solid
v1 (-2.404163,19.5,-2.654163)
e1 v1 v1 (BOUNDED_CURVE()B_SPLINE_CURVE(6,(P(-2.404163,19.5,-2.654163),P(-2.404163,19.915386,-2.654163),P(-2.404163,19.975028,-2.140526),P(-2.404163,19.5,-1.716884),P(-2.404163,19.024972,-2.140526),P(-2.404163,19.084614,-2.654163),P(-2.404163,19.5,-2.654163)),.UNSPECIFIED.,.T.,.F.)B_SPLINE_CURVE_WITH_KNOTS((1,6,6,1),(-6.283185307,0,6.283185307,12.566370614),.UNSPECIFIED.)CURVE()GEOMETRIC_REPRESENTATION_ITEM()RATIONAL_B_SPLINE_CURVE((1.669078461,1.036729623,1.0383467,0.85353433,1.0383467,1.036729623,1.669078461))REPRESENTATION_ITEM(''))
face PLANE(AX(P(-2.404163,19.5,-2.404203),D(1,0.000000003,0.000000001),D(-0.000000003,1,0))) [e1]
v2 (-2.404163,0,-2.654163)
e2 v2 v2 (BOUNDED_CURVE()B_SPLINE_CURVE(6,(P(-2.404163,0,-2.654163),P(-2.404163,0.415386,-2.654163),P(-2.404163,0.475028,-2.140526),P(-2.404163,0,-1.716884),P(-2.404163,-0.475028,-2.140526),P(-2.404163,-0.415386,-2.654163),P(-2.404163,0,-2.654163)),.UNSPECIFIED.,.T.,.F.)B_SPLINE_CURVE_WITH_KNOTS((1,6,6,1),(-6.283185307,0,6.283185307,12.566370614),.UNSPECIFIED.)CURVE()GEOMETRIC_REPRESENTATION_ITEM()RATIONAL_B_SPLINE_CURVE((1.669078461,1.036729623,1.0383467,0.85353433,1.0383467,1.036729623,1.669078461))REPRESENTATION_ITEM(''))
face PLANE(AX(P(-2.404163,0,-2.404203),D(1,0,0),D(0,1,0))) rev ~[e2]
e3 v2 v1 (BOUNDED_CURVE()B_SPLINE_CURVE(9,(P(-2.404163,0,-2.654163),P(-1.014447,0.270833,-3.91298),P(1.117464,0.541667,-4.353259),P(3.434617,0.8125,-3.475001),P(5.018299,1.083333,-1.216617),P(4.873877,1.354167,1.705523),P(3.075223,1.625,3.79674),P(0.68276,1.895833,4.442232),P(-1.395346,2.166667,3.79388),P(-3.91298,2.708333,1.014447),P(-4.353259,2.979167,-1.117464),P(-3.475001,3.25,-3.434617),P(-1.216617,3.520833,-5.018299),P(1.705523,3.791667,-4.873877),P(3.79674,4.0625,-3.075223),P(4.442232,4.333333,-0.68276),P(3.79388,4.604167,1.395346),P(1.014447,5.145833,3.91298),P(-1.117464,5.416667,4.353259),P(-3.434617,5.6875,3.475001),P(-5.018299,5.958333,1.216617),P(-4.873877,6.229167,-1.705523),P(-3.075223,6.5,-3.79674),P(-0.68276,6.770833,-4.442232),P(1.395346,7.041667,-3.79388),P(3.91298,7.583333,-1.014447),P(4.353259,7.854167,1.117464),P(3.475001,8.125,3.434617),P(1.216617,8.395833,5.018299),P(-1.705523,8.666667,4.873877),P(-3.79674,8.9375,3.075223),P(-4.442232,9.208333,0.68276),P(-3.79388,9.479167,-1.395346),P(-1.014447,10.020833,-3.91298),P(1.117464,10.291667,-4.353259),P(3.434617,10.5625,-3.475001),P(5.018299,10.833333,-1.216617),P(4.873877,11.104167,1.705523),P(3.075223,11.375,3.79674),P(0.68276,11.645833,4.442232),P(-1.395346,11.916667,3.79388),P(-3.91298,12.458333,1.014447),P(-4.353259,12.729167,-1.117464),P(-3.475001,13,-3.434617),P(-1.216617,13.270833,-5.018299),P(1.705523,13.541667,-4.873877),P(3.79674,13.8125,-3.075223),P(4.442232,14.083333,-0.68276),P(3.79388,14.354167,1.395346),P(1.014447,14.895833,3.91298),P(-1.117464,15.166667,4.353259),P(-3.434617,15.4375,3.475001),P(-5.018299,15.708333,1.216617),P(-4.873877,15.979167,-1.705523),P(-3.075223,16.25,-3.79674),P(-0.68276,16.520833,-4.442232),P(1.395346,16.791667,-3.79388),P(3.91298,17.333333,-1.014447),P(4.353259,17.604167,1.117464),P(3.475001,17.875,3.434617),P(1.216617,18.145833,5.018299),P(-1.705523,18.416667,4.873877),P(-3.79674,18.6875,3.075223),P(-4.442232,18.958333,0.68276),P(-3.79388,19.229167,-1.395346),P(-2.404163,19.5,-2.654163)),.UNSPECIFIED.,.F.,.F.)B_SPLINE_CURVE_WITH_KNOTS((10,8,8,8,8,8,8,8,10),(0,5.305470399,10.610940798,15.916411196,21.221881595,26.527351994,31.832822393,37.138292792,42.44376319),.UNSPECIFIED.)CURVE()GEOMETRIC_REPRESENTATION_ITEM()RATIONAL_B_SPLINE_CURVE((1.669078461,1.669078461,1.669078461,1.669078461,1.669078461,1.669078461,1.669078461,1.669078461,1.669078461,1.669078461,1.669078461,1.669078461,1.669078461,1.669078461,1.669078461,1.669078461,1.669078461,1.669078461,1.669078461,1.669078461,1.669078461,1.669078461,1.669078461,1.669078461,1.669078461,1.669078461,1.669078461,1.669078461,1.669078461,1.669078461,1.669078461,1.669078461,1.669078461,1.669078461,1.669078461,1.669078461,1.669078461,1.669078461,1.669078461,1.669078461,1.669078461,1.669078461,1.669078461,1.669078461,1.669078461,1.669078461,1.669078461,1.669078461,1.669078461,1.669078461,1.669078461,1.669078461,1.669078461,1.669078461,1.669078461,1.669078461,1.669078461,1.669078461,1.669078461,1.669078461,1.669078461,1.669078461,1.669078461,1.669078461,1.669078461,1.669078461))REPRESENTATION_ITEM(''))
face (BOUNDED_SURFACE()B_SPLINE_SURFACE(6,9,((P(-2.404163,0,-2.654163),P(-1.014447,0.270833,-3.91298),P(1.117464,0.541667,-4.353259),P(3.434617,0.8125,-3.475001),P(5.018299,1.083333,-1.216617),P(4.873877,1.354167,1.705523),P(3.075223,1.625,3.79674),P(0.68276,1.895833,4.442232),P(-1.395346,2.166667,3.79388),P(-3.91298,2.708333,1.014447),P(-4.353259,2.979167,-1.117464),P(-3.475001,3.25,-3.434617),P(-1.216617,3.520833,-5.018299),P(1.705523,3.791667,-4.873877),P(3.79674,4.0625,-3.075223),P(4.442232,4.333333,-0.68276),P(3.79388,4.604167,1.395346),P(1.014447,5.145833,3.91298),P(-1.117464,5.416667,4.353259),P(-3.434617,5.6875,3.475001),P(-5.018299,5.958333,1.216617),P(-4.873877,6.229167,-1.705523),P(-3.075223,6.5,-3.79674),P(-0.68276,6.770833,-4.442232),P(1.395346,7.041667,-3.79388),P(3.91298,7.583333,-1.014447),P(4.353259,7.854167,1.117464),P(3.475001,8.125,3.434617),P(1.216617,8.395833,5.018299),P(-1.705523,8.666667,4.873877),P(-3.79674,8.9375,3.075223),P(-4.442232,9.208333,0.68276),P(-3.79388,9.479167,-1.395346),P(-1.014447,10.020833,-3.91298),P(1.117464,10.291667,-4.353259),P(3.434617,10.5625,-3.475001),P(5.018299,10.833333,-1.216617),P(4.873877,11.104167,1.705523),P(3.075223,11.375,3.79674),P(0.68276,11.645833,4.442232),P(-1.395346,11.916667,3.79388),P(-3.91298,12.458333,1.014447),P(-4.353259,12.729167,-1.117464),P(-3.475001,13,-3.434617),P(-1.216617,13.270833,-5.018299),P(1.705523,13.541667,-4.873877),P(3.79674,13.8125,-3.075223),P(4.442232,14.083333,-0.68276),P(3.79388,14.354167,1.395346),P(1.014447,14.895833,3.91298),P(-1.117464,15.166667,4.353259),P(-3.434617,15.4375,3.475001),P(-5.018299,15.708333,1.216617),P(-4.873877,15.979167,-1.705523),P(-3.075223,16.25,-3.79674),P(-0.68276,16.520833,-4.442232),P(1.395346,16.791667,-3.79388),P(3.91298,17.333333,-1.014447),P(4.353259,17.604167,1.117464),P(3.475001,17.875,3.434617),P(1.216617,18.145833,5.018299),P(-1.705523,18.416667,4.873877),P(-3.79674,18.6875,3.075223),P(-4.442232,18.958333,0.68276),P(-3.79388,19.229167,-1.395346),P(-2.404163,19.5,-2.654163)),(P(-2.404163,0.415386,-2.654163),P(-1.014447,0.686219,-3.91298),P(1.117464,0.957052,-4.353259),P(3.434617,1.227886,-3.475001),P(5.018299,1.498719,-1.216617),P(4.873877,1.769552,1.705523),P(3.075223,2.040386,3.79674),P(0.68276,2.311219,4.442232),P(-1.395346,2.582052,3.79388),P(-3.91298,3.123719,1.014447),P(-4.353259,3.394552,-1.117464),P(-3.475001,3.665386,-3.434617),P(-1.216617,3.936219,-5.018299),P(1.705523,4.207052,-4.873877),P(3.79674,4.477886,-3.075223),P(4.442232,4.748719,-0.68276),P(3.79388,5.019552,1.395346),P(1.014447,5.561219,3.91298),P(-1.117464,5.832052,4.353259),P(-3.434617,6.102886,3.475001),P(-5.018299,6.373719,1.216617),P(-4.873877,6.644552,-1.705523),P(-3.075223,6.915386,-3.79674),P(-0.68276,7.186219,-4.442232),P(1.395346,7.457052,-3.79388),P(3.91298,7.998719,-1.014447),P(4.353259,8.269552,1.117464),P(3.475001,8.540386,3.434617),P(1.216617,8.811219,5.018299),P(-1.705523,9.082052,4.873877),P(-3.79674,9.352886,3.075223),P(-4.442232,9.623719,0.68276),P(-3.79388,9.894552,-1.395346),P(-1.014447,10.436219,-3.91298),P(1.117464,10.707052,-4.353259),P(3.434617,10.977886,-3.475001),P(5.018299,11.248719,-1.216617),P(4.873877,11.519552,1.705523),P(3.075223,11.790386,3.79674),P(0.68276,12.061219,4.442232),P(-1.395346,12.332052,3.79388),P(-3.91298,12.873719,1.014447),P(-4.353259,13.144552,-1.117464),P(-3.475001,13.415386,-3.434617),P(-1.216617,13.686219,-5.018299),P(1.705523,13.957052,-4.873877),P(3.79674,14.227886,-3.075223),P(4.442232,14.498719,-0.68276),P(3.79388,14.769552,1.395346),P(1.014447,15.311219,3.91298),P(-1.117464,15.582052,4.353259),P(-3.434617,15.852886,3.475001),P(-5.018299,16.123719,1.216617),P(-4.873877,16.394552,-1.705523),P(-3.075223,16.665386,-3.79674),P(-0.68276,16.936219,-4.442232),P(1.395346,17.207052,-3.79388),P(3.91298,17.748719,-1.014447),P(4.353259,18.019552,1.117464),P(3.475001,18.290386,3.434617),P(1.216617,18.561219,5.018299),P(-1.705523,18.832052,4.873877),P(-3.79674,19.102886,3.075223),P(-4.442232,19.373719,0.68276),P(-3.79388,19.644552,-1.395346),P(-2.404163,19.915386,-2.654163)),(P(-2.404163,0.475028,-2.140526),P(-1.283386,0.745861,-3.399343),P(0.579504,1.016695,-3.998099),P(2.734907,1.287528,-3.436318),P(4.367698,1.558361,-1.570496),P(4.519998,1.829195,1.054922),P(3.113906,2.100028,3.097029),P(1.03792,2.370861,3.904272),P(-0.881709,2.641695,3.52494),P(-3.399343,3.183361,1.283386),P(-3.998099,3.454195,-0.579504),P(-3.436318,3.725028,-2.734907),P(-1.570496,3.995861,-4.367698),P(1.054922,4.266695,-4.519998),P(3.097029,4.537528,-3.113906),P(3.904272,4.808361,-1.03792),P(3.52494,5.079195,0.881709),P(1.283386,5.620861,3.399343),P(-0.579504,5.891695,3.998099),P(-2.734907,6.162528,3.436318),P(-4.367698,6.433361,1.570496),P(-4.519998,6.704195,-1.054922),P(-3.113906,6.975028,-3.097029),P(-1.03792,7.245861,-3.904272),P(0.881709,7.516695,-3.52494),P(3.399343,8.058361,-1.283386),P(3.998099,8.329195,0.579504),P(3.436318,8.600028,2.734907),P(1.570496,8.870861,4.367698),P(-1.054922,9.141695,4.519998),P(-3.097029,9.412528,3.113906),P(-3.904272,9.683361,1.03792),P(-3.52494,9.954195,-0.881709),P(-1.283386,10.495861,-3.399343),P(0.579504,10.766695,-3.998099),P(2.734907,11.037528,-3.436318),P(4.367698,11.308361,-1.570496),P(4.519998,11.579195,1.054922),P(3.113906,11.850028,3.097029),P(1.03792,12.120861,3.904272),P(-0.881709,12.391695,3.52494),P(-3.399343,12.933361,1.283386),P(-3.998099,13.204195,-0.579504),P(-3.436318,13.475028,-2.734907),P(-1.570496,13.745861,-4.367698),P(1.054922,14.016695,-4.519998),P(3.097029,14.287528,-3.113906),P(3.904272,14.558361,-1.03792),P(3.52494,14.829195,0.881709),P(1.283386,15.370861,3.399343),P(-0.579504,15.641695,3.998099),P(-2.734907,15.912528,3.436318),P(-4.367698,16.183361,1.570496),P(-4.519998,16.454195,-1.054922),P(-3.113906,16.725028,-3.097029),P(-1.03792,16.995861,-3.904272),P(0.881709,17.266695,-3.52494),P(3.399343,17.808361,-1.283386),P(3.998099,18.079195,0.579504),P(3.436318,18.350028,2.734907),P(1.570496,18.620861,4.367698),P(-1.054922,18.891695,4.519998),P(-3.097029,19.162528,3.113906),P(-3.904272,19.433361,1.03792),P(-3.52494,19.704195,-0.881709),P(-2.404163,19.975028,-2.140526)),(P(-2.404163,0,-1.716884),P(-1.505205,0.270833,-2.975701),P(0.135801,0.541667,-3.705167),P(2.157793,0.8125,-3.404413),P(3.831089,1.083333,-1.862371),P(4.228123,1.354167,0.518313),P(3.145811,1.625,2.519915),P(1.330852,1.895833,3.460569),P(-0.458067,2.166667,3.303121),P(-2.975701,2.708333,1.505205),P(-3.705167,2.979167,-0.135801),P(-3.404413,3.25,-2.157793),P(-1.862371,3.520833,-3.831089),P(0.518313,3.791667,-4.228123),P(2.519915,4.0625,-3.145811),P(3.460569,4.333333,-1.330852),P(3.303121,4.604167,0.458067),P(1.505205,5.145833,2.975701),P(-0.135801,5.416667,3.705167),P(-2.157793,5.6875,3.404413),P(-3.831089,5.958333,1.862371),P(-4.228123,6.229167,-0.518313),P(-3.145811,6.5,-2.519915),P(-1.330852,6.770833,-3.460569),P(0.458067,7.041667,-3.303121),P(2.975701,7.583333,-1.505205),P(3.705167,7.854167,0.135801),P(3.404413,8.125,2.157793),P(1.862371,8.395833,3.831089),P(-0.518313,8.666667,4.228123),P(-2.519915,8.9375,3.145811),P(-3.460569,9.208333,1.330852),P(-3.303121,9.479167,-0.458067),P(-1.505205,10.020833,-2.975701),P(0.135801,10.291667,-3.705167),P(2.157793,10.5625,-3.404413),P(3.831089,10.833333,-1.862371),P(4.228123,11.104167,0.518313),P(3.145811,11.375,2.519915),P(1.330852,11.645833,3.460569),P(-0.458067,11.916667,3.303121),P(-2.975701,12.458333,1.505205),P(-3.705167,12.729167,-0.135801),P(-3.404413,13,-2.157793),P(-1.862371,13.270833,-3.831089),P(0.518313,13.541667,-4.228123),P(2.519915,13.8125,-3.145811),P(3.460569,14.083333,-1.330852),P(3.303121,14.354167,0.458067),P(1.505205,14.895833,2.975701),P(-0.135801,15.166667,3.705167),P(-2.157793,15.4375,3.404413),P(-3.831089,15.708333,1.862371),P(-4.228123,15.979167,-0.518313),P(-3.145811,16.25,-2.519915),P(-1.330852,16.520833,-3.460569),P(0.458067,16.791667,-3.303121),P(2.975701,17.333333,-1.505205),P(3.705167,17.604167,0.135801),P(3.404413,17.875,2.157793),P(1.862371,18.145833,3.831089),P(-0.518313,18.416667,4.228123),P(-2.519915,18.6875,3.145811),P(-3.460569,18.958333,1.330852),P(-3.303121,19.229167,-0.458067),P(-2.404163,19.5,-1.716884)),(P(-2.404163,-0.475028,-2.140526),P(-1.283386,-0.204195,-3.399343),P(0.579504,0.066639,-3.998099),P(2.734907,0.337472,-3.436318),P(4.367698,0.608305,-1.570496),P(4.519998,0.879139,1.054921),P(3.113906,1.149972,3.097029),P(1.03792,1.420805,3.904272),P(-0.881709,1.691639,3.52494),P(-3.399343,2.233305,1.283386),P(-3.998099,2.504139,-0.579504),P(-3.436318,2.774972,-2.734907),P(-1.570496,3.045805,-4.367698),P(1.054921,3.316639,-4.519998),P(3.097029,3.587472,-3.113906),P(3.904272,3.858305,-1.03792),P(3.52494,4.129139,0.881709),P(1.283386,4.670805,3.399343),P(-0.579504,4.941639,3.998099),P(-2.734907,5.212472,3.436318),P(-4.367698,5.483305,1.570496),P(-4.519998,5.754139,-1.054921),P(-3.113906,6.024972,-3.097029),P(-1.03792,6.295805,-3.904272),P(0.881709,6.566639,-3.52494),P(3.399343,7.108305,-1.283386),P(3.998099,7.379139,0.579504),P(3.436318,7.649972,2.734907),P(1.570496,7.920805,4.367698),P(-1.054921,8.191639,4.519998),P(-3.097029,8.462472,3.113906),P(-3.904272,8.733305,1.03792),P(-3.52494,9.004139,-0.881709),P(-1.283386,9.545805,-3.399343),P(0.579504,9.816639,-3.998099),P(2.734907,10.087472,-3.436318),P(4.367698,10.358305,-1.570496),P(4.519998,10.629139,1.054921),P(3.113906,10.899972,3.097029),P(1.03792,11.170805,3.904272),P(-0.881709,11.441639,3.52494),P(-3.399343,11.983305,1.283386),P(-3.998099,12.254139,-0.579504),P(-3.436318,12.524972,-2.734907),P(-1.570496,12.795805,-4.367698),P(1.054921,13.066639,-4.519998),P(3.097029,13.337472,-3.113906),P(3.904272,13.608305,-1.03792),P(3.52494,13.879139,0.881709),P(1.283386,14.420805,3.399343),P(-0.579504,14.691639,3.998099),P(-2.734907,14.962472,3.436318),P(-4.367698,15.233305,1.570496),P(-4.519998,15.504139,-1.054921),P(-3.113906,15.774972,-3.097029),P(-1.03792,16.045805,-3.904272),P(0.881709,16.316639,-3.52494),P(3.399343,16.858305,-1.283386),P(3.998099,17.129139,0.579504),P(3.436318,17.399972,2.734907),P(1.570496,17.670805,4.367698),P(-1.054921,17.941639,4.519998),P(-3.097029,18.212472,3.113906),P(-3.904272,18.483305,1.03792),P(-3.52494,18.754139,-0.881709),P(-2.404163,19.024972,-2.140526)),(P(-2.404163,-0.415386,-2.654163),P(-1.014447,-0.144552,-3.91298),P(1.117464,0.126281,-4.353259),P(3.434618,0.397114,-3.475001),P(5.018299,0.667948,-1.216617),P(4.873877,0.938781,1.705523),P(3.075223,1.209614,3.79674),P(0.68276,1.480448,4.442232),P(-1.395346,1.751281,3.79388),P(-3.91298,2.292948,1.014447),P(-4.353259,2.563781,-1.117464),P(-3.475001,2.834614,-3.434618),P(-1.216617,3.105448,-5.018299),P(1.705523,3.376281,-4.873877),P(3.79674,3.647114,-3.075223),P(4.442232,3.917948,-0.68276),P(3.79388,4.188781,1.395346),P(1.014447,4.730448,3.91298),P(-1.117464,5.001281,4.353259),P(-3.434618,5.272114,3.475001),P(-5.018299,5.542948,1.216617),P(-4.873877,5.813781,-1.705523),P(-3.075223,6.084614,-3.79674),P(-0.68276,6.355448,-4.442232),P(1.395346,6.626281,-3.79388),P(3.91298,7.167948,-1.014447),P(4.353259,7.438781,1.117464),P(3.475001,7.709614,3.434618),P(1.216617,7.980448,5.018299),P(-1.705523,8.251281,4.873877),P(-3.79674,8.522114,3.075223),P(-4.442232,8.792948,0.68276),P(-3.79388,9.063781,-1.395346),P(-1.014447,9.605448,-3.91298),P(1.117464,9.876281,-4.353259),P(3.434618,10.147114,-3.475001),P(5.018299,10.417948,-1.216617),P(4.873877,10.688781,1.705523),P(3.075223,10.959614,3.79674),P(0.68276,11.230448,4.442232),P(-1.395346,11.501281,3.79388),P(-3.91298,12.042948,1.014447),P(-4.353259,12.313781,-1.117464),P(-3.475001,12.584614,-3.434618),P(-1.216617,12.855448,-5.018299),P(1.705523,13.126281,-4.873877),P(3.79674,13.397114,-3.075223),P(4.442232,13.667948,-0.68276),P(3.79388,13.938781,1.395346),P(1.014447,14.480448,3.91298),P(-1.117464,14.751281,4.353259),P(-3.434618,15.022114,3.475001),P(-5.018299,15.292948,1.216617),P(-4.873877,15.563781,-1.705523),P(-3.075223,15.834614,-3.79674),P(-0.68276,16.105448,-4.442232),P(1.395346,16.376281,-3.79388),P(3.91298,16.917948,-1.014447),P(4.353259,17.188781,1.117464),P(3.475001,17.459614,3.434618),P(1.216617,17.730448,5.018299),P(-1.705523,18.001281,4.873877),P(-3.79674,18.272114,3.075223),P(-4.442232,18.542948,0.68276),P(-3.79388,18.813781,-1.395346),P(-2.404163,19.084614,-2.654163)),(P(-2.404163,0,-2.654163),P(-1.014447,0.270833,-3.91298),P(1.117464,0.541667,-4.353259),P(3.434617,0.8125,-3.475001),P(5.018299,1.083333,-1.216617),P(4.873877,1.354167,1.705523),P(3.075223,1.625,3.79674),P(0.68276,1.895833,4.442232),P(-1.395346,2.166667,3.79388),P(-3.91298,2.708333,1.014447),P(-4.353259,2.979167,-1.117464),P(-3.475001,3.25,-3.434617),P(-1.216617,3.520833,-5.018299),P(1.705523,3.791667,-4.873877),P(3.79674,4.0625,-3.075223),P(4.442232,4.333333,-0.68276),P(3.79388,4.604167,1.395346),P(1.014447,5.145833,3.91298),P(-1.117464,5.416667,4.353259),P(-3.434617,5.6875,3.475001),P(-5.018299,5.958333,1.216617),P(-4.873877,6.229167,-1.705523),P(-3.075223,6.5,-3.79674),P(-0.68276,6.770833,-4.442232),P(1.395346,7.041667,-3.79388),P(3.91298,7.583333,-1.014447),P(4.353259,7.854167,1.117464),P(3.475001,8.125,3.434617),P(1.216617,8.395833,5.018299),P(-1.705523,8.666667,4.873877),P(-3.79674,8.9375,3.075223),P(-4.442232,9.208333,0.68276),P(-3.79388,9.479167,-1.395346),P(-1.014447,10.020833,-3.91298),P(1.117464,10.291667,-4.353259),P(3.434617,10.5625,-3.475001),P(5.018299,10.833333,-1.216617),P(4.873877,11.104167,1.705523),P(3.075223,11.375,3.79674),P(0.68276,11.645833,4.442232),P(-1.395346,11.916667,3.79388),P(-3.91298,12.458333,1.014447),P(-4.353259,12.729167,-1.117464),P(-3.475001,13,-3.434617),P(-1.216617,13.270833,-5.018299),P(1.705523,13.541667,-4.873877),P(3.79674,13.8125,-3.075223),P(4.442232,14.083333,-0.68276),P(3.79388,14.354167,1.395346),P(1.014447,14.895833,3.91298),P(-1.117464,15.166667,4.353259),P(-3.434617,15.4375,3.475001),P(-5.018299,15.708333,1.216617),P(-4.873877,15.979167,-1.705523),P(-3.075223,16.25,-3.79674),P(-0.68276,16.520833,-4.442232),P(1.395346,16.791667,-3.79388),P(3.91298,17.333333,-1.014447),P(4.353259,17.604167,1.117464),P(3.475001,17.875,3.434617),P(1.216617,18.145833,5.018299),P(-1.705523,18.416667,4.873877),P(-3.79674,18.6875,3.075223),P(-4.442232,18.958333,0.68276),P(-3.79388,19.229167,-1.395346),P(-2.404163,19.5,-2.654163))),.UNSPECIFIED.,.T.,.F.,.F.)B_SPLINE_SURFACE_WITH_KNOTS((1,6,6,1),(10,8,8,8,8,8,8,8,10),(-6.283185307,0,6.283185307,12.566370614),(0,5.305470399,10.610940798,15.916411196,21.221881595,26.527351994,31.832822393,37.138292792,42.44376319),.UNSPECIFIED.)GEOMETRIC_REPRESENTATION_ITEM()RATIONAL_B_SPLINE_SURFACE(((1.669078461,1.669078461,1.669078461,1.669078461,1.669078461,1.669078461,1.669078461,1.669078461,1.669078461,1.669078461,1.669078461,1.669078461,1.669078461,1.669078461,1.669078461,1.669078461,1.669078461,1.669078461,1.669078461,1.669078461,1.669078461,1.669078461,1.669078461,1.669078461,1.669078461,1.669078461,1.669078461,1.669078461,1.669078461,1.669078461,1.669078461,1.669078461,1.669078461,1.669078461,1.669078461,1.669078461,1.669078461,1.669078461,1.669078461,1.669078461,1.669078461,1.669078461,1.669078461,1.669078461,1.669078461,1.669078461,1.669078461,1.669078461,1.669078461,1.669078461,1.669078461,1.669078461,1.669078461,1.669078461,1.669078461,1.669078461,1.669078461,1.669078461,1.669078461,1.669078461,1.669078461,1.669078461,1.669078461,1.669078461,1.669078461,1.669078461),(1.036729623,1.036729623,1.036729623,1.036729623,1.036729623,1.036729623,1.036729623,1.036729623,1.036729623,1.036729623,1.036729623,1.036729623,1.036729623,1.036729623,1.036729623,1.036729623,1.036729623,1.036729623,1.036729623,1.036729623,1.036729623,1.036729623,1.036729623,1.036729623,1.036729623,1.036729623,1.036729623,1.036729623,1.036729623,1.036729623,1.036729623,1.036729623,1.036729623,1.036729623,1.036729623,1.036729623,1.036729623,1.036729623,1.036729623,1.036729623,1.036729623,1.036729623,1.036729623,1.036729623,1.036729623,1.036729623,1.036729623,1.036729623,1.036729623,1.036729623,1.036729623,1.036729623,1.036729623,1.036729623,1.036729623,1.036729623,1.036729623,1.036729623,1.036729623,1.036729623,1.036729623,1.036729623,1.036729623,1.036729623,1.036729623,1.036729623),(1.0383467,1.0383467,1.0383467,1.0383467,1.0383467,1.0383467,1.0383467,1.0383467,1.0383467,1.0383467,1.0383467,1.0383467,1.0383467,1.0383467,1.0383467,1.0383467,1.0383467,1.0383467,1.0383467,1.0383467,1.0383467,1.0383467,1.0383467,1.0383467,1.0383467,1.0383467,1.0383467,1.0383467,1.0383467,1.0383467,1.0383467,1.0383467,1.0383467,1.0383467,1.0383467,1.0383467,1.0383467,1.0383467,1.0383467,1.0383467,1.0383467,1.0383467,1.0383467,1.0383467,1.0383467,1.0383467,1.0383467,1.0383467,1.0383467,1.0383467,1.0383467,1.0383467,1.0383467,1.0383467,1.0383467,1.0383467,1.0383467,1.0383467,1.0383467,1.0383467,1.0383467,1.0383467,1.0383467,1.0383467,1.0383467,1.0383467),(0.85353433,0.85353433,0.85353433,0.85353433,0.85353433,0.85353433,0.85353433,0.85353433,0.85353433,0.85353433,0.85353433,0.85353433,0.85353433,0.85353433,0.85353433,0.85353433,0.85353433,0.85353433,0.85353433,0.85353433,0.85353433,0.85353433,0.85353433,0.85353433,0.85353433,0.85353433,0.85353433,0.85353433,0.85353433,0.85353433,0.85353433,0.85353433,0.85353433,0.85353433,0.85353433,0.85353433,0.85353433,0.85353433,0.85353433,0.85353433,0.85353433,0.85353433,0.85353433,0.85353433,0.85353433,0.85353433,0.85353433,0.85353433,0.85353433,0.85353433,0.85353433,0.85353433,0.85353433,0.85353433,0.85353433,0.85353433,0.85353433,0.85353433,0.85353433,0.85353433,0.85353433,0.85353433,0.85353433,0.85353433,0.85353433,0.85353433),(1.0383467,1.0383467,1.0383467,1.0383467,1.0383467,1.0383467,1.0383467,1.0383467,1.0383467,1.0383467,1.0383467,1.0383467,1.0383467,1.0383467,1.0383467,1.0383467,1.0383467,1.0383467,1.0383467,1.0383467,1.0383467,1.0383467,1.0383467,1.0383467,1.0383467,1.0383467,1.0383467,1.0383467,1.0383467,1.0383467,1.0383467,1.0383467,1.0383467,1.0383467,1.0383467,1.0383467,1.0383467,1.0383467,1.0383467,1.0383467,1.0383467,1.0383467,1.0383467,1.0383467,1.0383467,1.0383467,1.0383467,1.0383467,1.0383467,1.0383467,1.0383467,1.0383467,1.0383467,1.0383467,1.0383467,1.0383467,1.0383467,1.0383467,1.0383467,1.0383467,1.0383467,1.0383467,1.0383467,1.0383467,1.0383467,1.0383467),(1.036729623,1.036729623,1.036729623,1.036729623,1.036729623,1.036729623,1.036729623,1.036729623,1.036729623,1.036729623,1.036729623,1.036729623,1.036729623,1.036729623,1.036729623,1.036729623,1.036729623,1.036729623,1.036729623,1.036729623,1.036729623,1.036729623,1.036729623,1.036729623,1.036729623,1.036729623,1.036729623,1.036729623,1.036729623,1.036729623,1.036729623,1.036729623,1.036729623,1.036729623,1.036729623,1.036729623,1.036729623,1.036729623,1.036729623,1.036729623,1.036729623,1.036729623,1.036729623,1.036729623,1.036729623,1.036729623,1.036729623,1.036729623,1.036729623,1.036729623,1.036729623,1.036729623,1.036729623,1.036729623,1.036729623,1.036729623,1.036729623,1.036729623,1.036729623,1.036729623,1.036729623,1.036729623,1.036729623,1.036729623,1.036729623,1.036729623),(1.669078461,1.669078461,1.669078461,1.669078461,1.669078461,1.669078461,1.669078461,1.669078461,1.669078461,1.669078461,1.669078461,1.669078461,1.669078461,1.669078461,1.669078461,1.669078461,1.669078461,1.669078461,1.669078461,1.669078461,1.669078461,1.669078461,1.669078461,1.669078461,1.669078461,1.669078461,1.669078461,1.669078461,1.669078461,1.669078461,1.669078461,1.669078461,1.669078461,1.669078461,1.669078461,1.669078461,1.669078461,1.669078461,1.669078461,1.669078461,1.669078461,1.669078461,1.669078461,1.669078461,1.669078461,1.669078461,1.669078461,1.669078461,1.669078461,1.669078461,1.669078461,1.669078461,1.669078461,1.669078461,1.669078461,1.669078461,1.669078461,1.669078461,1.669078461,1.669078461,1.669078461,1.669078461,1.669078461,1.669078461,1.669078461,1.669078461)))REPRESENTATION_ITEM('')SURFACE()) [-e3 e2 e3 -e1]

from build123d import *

# Parameters (mm, degrees)
BALAYAGE1_PITCH       = 3.25
BALAYAGE1_HEIGHT      = 19.5
BALAYAGE1_RADIUS      = 3.4
BALAYAGE1_START_ANGLE = -135
ESQUISSE5_R           = 0.25


with BuildPart() as part:
    # Balayage1: sweep along a helix
    with BuildLine() as balayage1_path:
        add(Helix(BALAYAGE1_PITCH, BALAYAGE1_HEIGHT, BALAYAGE1_RADIUS, center=(0, 0, 0), direction=(0, 1, 0), lefthand=True, mode=Mode.PRIVATE).rotate(Axis((0, 0, 0), (0, 1, 0)), BALAYAGE1_START_ANGLE))
    # Esquisse5 → Balayage1 (sweep)
    with BuildSketch(Plane(origin=(-2.404163056, 0, 0), x_dir=(0, 0, -1), z_dir=(1, 0, 0))):
        with Locations((2.404163056, 0)):
            Circle(ESQUISSE5_R)
    sweep(path=balayage1_path.line, is_frenet=True)


solid = part.part
